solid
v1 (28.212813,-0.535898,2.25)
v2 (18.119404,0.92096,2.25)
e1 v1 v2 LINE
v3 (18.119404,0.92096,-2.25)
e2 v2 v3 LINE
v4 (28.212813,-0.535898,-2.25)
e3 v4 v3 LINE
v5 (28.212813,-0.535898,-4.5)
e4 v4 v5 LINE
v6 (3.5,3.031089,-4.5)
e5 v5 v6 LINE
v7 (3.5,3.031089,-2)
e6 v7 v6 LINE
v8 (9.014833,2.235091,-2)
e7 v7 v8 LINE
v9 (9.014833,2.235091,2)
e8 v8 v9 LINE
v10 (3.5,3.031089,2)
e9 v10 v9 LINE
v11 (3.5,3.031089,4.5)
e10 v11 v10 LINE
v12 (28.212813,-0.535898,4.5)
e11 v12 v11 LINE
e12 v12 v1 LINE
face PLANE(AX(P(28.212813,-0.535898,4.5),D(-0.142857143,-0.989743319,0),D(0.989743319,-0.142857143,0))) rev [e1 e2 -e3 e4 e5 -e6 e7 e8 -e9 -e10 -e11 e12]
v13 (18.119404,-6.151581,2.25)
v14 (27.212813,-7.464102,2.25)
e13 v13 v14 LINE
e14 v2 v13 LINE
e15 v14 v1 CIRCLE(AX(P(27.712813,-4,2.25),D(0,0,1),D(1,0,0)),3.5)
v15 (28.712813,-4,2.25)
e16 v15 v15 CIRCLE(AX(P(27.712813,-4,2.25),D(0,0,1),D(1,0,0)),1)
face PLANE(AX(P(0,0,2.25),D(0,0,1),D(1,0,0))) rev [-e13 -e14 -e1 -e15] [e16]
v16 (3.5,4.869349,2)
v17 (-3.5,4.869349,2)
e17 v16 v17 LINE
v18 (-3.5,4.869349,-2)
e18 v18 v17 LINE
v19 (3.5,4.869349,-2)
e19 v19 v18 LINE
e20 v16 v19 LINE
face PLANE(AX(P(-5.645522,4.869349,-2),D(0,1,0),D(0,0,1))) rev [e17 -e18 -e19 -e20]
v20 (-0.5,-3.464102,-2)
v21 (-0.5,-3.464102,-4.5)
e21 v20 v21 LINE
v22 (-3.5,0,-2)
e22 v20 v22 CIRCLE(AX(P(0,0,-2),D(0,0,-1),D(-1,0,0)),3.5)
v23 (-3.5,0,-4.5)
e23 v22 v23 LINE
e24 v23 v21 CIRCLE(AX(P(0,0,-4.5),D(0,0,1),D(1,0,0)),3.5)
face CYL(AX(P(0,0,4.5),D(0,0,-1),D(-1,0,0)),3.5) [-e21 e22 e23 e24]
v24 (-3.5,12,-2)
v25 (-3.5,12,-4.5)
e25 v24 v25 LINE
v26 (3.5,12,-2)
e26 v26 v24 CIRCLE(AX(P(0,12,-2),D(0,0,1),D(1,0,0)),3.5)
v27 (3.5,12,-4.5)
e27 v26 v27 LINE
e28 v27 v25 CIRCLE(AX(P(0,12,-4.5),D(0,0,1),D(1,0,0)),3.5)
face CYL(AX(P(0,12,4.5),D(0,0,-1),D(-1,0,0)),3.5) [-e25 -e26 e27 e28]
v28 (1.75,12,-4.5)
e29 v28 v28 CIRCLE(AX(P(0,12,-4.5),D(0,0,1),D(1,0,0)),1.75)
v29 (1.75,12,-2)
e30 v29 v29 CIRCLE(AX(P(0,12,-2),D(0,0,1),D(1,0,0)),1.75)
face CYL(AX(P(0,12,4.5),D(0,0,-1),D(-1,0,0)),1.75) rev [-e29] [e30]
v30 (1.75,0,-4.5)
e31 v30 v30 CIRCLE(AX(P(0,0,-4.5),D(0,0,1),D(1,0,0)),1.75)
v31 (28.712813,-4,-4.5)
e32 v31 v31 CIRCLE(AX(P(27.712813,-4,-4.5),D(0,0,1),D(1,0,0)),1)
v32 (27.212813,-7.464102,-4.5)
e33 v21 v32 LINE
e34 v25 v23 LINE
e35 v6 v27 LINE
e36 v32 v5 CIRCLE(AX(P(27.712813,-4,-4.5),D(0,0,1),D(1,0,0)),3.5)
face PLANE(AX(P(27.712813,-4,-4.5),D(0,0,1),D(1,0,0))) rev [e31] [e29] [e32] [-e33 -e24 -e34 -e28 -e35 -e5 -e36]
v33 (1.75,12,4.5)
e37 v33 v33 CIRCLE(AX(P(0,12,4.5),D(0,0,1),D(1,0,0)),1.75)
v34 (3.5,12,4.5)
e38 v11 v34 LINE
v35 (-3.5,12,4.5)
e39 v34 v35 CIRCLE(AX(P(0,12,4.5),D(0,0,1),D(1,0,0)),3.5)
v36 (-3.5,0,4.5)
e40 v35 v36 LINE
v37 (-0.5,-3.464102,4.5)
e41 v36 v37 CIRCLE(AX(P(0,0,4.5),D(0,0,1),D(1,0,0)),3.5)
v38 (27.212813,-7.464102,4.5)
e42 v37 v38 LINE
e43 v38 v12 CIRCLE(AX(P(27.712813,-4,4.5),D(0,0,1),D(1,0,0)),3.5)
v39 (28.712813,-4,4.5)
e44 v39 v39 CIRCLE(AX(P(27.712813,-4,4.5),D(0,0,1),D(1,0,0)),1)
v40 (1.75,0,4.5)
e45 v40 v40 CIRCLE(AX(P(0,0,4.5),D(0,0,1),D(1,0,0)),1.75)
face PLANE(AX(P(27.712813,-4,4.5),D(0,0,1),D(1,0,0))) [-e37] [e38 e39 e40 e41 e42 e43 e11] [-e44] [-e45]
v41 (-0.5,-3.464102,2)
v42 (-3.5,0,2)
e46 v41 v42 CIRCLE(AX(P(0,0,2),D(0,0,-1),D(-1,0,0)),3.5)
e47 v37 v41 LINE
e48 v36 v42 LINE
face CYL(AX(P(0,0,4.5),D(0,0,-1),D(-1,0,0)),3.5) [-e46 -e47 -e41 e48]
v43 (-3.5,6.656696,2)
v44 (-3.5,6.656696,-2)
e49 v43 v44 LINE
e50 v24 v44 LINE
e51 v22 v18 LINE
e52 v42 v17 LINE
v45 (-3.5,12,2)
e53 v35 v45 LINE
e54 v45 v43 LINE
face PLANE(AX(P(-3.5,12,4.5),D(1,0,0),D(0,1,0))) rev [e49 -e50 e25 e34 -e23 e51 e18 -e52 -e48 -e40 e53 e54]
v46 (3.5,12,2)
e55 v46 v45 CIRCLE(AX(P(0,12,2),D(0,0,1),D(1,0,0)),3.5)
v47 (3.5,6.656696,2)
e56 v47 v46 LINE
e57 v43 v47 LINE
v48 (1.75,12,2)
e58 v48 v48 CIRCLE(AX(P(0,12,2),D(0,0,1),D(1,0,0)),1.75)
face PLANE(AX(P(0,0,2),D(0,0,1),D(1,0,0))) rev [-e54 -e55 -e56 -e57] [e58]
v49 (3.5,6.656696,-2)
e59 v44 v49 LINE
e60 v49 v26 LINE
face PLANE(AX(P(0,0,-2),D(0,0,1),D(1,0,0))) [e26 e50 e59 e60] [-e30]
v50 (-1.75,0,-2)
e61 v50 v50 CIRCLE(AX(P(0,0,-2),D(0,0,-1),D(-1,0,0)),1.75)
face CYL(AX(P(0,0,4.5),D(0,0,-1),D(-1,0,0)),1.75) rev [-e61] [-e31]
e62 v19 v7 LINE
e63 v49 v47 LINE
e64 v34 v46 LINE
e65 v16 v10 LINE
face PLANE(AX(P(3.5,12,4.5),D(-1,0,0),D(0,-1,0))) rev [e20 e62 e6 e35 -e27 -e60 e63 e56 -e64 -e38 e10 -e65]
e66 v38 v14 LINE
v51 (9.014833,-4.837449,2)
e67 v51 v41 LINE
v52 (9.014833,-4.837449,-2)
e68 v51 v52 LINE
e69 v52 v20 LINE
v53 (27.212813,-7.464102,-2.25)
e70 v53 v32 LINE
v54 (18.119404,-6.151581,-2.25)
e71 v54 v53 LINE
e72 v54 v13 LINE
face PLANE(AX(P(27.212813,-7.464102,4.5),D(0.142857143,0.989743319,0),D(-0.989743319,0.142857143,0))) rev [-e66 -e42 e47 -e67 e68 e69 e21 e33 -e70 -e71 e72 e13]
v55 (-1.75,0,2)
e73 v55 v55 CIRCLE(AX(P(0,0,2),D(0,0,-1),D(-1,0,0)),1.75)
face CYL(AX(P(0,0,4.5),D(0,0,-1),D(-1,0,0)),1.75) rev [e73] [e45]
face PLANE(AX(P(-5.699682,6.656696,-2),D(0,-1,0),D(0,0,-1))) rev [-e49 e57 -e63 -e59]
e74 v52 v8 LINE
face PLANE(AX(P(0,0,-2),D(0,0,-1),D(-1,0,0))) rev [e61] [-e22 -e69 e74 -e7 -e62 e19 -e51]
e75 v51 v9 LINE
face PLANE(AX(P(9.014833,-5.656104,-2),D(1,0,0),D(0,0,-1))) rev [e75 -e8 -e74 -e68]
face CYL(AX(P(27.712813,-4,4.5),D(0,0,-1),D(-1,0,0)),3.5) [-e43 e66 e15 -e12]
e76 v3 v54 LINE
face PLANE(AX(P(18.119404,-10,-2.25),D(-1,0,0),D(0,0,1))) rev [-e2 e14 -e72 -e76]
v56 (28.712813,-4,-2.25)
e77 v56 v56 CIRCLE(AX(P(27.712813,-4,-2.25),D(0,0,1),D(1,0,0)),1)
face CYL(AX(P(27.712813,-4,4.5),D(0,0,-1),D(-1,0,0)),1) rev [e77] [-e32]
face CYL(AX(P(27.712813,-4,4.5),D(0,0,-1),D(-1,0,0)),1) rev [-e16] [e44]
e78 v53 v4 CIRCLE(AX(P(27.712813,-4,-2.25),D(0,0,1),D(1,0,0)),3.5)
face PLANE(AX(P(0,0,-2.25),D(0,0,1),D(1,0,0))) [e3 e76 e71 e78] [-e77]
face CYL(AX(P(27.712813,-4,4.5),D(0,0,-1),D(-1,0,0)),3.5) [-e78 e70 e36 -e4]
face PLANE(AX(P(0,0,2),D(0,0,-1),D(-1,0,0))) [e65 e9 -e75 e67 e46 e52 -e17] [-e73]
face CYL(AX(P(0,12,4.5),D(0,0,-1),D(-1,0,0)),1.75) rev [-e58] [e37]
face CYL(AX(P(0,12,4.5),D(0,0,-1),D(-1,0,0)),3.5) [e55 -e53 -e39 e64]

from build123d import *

# Parameters (mm, degrees)
SKETCH_1_R          = 1.75
SKETCH_1_R_2        = 1
EXTRUDE_1_DEPTH     = 4.5
SKETCH_5_W          = 9.199682462
SKETCH_5_H          = 9.813167506
SKETCH_5_W_2        = 14.660354758
SKETCH_5_H_2        = 10.525453646
CUT_EXTRUDE_3_DEPTH = 2
SKETCH_6_W          = 19.186818514
SKETCH_6_H          = 12
CUT_EXTRUDE_4_DEPTH = 2.25


with BuildPart() as part:
    # 草图1 → 凸台-拉伸1 (new, symmetric)
    with BuildSketch(Plane.XY):
        with BuildLine():
            Line((27.212812921, -7.464101615), (-0.5, -3.464101615))
            ThreePointArc((-0.5, -3.464101615), (-2.645751311, -2.291287847), (-3.5, 0))
            Line((-3.5, 0), (-3.5, 12))
            ThreePointArc((-3.5, 12), (0, 15.5), (3.5, 12))
            Line((3.5, 12), (3.5, 3.031088913))
            Line((3.5, 3.031088913), (28.212812921, -0.535898385))
            ThreePointArc((28.212812921, -0.535898385), (31.176914536, -4.5), (27.212812921, -7.464101615))
        make_face()
        Circle(SKETCH_1_R, mode=Mode.SUBTRACT)
        with Locations((0, 12)):
            Circle(SKETCH_1_R, mode=Mode.SUBTRACT)
        with Locations((27.712812921, -4)):
            Circle(SKETCH_1_R_2, mode=Mode.SUBTRACT)
    extrude(amount=EXTRUDE_1_DEPTH, both=True)

    # 草图5 → 切除-拉伸3 (cut, symmetric)
    with BuildSketch(Plane.XY):
        with Locations((-1.099841231, 11.563279791)):
            Rectangle(SKETCH_5_W, SKETCH_5_H)
        with Locations((1.684655549, -0.393377614)):
            Rectangle(SKETCH_5_W_2, SKETCH_5_H_2)
    extrude(amount=CUT_EXTRUDE_3_DEPTH, both=True, mode=Mode.SUBTRACT)

    # 草图6 → 切除-拉伸4 (cut, symmetric)
    with BuildSketch(Plane.XY):
        with Locations((27.712812921, -4)):
            Rectangle(SKETCH_6_W, SKETCH_6_H)
    extrude(amount=CUT_EXTRUDE_4_DEPTH, both=True, mode=Mode.SUBTRACT)


solid = part.part
